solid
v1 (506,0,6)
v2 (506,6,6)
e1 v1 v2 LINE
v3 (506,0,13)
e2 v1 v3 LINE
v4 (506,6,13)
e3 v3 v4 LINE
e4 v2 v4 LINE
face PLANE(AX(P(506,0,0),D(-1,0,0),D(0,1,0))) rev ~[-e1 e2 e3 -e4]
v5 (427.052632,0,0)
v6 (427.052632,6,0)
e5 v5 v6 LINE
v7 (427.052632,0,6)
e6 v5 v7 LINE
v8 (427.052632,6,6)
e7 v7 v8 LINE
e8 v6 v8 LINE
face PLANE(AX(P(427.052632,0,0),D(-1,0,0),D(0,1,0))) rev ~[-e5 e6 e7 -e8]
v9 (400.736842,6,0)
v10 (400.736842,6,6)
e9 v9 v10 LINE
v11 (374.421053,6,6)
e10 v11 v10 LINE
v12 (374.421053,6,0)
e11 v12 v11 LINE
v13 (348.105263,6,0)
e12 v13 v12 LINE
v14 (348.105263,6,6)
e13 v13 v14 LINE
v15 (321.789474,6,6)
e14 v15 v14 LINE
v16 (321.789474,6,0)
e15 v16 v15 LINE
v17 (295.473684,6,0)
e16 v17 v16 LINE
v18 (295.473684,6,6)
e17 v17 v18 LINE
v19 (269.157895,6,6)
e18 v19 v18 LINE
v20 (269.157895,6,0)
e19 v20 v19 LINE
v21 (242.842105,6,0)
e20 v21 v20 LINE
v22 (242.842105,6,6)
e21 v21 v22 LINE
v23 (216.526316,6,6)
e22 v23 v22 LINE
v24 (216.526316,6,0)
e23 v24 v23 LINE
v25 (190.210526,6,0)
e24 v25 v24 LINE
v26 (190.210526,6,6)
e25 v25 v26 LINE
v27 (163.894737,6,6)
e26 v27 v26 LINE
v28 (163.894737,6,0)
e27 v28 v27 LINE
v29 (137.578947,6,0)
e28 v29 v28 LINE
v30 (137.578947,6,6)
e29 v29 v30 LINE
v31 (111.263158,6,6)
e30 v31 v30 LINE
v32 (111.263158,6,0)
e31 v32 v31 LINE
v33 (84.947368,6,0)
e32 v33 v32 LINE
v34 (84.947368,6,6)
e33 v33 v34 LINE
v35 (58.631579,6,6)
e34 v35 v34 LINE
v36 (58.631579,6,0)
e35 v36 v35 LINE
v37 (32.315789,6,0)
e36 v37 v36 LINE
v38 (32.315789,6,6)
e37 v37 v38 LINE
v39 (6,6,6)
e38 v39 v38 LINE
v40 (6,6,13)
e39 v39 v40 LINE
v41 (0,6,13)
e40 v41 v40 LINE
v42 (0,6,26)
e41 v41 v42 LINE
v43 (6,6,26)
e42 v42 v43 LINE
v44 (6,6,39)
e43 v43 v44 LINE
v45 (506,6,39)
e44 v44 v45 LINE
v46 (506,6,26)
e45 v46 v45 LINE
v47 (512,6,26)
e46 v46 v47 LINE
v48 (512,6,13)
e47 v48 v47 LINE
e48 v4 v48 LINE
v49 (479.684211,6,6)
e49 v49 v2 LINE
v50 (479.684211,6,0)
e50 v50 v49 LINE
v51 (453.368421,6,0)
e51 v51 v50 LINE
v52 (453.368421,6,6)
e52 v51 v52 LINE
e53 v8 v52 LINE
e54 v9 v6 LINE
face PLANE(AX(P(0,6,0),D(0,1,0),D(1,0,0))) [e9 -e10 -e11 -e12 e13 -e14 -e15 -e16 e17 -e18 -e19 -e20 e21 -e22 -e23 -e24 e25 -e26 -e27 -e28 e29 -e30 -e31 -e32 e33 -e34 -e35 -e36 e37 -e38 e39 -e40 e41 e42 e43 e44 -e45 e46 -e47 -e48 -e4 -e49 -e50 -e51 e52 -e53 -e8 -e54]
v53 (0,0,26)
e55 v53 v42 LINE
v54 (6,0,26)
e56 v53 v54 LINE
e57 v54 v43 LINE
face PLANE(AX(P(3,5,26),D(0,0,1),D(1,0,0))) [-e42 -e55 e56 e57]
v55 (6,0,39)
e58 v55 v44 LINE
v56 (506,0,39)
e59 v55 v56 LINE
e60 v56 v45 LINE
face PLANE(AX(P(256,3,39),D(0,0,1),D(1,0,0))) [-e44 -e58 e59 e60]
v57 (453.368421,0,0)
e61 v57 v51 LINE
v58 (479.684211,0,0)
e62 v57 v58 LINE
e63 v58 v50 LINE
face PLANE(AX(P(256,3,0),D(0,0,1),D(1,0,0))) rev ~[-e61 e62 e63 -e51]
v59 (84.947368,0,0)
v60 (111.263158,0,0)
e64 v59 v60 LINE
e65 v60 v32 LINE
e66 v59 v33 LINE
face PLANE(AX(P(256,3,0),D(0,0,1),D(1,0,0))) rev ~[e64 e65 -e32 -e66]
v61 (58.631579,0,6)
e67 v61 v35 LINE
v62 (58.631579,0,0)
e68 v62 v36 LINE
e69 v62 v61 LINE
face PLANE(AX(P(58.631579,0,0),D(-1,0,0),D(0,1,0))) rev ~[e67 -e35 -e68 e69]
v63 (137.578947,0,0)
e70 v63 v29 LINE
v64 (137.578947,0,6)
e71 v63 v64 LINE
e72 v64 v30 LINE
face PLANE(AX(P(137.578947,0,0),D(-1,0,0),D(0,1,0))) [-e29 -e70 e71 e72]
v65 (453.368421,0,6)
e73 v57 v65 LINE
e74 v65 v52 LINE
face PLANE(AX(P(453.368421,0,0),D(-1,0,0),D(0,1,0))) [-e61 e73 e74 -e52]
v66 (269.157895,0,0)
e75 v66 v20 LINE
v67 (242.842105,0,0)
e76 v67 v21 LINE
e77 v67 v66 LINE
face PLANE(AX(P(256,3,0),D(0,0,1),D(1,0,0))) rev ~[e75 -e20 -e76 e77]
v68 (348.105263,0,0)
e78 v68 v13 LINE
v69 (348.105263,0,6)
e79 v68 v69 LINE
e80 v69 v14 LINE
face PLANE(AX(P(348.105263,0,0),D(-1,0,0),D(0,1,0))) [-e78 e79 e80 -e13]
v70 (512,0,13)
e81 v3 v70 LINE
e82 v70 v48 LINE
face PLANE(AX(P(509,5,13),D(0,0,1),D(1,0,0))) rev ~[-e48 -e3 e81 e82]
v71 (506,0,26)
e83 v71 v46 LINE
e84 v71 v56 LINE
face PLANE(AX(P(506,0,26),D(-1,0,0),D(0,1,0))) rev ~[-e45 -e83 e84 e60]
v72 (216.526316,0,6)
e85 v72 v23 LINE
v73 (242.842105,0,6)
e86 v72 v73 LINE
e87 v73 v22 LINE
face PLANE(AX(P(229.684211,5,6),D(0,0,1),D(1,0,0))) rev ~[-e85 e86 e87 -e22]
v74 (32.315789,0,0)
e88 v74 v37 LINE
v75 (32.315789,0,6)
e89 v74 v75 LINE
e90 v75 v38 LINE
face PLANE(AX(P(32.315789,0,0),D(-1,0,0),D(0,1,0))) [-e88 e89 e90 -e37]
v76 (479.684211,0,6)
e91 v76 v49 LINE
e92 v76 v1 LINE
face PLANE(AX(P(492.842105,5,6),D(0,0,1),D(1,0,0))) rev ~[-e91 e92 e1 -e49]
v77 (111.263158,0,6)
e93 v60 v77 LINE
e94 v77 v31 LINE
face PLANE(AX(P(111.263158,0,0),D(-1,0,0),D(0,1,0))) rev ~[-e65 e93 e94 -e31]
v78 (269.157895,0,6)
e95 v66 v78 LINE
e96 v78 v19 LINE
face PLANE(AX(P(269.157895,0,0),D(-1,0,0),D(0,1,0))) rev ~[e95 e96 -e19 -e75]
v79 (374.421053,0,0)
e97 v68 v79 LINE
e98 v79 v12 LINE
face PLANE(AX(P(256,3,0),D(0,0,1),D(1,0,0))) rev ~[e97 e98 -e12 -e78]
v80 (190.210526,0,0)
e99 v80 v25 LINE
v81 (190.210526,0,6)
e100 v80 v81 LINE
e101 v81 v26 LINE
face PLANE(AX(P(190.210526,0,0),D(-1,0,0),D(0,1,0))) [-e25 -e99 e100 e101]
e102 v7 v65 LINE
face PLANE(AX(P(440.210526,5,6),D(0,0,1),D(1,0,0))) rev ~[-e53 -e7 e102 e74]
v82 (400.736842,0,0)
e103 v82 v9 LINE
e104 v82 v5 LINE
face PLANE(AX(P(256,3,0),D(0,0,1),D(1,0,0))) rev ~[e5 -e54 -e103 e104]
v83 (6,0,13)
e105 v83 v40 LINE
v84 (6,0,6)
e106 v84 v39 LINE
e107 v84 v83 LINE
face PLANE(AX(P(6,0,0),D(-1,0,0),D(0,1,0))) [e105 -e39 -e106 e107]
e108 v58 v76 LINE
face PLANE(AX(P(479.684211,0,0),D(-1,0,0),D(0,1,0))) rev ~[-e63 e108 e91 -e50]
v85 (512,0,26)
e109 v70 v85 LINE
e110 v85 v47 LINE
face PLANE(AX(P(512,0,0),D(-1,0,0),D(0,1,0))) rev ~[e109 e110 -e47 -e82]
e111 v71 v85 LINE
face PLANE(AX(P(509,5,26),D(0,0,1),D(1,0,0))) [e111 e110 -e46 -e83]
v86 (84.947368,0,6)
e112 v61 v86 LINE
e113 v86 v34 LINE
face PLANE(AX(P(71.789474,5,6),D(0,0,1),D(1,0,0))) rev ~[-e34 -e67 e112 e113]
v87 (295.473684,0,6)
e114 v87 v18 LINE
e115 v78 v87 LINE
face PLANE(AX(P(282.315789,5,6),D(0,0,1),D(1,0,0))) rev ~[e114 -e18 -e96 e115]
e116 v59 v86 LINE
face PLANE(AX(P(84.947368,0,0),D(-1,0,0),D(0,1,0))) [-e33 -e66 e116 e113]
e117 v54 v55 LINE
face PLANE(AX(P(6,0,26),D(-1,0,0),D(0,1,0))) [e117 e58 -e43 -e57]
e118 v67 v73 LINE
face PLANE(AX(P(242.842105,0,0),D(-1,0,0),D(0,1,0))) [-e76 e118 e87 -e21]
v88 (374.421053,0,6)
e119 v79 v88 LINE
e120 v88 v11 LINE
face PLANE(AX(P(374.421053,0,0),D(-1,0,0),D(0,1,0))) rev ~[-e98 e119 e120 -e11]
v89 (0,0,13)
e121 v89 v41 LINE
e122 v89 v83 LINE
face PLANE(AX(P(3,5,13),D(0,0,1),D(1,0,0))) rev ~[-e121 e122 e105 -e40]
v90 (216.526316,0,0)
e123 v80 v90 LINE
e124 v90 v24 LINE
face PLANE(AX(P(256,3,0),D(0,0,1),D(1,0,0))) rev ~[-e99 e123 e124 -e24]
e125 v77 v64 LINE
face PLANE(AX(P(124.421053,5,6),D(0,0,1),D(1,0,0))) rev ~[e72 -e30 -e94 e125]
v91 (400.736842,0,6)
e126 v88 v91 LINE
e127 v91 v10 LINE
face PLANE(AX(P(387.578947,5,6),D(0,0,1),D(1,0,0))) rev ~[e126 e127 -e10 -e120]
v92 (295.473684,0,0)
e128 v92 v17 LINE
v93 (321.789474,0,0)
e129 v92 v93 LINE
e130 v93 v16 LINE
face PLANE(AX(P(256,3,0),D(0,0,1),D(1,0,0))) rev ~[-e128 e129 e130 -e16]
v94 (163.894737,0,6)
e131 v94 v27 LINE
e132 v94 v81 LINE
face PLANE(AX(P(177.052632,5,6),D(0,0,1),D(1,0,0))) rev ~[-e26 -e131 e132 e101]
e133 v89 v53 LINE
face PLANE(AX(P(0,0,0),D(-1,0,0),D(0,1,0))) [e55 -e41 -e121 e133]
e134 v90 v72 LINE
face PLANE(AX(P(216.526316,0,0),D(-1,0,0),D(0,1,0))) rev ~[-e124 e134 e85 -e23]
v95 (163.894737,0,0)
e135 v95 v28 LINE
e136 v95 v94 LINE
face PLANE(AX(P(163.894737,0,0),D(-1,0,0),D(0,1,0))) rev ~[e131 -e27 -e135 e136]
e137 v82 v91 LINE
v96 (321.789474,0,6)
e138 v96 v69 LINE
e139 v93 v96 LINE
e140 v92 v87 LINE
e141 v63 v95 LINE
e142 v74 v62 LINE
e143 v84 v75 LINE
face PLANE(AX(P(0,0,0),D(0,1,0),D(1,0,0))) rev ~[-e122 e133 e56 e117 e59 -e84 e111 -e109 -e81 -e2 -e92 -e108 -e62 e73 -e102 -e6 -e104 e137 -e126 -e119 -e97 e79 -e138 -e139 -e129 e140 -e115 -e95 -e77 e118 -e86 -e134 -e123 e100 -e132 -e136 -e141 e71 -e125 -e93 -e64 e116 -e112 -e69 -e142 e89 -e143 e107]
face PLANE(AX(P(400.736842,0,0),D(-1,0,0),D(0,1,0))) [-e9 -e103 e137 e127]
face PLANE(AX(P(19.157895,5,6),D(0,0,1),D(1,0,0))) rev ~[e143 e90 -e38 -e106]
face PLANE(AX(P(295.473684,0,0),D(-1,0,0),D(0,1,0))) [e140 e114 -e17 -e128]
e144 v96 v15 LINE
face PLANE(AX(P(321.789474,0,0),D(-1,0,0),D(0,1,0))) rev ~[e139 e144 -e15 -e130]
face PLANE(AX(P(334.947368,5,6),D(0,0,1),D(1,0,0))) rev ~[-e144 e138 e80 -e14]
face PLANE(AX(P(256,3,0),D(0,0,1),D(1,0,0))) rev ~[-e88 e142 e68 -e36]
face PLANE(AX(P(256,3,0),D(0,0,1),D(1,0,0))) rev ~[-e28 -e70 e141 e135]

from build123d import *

# Parameters (mm, degrees)
BOX002_W         = 6
BOX002_H         = 10
BOX002_DEPTH     = 13
ARRAY003_X_COUNT = 2
ARRAY003_X_PITCH = 506
ARRAY003_Z_COUNT = 2
ARRAY003_Z_PITCH = 26
BOX001_W         = 26.3157894737
BOX001_H         = 10
BOX001_DEPTH     = 6
ARRAY001_X_COUNT = 10
ARRAY001_X_PITCH = 52.6315789474
BOX_W            = 512
BOX_H            = 6
BOX_DEPTH        = 39


with BuildPart() as vertical_array:
    # Box002 → Box002 (new body)
    with BuildSketch(Plane.XY):
        with Locations((3, 5)):
            Rectangle(BOX002_W, BOX002_H)
    extrude(amount=BOX002_DEPTH)

    # Array003 X: Vertical_Array ×2


with BuildPart() as vertical_array_1:
    add(vertical_array.part)
    with Locations(*[(i * ARRAY003_X_PITCH, 0, 0) for i in range(1, ARRAY003_X_COUNT)]):
        add(vertical_array.part)

    # Array003 Z: Vertical_Array ×2


with BuildPart() as vertical_array_2:
    add(vertical_array_1.part)
    with Locations(*[(0, 0, i * ARRAY003_Z_PITCH) for i in range(1, ARRAY003_Z_COUNT)]):
        add(vertical_array_1.part)


with BuildPart() as horizontal_array:
    # Box001 → Box001 (new body)
    with BuildSketch(Plane.XY):
        with Locations((13.1578947368, 5)):
            Rectangle(BOX001_W, BOX001_H)
    extrude(amount=BOX001_DEPTH)

    # Array001 X: Horizontal_Array ×10


with BuildPart() as horizontal_array_1:
    add(horizontal_array.part)
    with Locations(*[(i * ARRAY001_X_PITCH, 0, 0) for i in range(1, ARRAY001_X_COUNT)]):
        add(horizontal_array.part)


with BuildPart() as horizontal_array_2:
    # Array001 placement: moved
    add(horizontal_array_1.part.moved(Location((6, 0, 0))))


with BuildPart() as cut001:
    # Box → Box (new body)
    with BuildSketch(Plane.XY):
        with Locations((256, 3)):
            Rectangle(BOX_W, BOX_H)
    extrude(amount=BOX_DEPTH)

    # Cut: cut Horizontal_Array
    add(horizontal_array_2.part, mode=Mode.SUBTRACT)

    # Cut001: cut Vertical_Array
    add(vertical_array_2.part, mode=Mode.SUBTRACT)


solid = cut001.part
